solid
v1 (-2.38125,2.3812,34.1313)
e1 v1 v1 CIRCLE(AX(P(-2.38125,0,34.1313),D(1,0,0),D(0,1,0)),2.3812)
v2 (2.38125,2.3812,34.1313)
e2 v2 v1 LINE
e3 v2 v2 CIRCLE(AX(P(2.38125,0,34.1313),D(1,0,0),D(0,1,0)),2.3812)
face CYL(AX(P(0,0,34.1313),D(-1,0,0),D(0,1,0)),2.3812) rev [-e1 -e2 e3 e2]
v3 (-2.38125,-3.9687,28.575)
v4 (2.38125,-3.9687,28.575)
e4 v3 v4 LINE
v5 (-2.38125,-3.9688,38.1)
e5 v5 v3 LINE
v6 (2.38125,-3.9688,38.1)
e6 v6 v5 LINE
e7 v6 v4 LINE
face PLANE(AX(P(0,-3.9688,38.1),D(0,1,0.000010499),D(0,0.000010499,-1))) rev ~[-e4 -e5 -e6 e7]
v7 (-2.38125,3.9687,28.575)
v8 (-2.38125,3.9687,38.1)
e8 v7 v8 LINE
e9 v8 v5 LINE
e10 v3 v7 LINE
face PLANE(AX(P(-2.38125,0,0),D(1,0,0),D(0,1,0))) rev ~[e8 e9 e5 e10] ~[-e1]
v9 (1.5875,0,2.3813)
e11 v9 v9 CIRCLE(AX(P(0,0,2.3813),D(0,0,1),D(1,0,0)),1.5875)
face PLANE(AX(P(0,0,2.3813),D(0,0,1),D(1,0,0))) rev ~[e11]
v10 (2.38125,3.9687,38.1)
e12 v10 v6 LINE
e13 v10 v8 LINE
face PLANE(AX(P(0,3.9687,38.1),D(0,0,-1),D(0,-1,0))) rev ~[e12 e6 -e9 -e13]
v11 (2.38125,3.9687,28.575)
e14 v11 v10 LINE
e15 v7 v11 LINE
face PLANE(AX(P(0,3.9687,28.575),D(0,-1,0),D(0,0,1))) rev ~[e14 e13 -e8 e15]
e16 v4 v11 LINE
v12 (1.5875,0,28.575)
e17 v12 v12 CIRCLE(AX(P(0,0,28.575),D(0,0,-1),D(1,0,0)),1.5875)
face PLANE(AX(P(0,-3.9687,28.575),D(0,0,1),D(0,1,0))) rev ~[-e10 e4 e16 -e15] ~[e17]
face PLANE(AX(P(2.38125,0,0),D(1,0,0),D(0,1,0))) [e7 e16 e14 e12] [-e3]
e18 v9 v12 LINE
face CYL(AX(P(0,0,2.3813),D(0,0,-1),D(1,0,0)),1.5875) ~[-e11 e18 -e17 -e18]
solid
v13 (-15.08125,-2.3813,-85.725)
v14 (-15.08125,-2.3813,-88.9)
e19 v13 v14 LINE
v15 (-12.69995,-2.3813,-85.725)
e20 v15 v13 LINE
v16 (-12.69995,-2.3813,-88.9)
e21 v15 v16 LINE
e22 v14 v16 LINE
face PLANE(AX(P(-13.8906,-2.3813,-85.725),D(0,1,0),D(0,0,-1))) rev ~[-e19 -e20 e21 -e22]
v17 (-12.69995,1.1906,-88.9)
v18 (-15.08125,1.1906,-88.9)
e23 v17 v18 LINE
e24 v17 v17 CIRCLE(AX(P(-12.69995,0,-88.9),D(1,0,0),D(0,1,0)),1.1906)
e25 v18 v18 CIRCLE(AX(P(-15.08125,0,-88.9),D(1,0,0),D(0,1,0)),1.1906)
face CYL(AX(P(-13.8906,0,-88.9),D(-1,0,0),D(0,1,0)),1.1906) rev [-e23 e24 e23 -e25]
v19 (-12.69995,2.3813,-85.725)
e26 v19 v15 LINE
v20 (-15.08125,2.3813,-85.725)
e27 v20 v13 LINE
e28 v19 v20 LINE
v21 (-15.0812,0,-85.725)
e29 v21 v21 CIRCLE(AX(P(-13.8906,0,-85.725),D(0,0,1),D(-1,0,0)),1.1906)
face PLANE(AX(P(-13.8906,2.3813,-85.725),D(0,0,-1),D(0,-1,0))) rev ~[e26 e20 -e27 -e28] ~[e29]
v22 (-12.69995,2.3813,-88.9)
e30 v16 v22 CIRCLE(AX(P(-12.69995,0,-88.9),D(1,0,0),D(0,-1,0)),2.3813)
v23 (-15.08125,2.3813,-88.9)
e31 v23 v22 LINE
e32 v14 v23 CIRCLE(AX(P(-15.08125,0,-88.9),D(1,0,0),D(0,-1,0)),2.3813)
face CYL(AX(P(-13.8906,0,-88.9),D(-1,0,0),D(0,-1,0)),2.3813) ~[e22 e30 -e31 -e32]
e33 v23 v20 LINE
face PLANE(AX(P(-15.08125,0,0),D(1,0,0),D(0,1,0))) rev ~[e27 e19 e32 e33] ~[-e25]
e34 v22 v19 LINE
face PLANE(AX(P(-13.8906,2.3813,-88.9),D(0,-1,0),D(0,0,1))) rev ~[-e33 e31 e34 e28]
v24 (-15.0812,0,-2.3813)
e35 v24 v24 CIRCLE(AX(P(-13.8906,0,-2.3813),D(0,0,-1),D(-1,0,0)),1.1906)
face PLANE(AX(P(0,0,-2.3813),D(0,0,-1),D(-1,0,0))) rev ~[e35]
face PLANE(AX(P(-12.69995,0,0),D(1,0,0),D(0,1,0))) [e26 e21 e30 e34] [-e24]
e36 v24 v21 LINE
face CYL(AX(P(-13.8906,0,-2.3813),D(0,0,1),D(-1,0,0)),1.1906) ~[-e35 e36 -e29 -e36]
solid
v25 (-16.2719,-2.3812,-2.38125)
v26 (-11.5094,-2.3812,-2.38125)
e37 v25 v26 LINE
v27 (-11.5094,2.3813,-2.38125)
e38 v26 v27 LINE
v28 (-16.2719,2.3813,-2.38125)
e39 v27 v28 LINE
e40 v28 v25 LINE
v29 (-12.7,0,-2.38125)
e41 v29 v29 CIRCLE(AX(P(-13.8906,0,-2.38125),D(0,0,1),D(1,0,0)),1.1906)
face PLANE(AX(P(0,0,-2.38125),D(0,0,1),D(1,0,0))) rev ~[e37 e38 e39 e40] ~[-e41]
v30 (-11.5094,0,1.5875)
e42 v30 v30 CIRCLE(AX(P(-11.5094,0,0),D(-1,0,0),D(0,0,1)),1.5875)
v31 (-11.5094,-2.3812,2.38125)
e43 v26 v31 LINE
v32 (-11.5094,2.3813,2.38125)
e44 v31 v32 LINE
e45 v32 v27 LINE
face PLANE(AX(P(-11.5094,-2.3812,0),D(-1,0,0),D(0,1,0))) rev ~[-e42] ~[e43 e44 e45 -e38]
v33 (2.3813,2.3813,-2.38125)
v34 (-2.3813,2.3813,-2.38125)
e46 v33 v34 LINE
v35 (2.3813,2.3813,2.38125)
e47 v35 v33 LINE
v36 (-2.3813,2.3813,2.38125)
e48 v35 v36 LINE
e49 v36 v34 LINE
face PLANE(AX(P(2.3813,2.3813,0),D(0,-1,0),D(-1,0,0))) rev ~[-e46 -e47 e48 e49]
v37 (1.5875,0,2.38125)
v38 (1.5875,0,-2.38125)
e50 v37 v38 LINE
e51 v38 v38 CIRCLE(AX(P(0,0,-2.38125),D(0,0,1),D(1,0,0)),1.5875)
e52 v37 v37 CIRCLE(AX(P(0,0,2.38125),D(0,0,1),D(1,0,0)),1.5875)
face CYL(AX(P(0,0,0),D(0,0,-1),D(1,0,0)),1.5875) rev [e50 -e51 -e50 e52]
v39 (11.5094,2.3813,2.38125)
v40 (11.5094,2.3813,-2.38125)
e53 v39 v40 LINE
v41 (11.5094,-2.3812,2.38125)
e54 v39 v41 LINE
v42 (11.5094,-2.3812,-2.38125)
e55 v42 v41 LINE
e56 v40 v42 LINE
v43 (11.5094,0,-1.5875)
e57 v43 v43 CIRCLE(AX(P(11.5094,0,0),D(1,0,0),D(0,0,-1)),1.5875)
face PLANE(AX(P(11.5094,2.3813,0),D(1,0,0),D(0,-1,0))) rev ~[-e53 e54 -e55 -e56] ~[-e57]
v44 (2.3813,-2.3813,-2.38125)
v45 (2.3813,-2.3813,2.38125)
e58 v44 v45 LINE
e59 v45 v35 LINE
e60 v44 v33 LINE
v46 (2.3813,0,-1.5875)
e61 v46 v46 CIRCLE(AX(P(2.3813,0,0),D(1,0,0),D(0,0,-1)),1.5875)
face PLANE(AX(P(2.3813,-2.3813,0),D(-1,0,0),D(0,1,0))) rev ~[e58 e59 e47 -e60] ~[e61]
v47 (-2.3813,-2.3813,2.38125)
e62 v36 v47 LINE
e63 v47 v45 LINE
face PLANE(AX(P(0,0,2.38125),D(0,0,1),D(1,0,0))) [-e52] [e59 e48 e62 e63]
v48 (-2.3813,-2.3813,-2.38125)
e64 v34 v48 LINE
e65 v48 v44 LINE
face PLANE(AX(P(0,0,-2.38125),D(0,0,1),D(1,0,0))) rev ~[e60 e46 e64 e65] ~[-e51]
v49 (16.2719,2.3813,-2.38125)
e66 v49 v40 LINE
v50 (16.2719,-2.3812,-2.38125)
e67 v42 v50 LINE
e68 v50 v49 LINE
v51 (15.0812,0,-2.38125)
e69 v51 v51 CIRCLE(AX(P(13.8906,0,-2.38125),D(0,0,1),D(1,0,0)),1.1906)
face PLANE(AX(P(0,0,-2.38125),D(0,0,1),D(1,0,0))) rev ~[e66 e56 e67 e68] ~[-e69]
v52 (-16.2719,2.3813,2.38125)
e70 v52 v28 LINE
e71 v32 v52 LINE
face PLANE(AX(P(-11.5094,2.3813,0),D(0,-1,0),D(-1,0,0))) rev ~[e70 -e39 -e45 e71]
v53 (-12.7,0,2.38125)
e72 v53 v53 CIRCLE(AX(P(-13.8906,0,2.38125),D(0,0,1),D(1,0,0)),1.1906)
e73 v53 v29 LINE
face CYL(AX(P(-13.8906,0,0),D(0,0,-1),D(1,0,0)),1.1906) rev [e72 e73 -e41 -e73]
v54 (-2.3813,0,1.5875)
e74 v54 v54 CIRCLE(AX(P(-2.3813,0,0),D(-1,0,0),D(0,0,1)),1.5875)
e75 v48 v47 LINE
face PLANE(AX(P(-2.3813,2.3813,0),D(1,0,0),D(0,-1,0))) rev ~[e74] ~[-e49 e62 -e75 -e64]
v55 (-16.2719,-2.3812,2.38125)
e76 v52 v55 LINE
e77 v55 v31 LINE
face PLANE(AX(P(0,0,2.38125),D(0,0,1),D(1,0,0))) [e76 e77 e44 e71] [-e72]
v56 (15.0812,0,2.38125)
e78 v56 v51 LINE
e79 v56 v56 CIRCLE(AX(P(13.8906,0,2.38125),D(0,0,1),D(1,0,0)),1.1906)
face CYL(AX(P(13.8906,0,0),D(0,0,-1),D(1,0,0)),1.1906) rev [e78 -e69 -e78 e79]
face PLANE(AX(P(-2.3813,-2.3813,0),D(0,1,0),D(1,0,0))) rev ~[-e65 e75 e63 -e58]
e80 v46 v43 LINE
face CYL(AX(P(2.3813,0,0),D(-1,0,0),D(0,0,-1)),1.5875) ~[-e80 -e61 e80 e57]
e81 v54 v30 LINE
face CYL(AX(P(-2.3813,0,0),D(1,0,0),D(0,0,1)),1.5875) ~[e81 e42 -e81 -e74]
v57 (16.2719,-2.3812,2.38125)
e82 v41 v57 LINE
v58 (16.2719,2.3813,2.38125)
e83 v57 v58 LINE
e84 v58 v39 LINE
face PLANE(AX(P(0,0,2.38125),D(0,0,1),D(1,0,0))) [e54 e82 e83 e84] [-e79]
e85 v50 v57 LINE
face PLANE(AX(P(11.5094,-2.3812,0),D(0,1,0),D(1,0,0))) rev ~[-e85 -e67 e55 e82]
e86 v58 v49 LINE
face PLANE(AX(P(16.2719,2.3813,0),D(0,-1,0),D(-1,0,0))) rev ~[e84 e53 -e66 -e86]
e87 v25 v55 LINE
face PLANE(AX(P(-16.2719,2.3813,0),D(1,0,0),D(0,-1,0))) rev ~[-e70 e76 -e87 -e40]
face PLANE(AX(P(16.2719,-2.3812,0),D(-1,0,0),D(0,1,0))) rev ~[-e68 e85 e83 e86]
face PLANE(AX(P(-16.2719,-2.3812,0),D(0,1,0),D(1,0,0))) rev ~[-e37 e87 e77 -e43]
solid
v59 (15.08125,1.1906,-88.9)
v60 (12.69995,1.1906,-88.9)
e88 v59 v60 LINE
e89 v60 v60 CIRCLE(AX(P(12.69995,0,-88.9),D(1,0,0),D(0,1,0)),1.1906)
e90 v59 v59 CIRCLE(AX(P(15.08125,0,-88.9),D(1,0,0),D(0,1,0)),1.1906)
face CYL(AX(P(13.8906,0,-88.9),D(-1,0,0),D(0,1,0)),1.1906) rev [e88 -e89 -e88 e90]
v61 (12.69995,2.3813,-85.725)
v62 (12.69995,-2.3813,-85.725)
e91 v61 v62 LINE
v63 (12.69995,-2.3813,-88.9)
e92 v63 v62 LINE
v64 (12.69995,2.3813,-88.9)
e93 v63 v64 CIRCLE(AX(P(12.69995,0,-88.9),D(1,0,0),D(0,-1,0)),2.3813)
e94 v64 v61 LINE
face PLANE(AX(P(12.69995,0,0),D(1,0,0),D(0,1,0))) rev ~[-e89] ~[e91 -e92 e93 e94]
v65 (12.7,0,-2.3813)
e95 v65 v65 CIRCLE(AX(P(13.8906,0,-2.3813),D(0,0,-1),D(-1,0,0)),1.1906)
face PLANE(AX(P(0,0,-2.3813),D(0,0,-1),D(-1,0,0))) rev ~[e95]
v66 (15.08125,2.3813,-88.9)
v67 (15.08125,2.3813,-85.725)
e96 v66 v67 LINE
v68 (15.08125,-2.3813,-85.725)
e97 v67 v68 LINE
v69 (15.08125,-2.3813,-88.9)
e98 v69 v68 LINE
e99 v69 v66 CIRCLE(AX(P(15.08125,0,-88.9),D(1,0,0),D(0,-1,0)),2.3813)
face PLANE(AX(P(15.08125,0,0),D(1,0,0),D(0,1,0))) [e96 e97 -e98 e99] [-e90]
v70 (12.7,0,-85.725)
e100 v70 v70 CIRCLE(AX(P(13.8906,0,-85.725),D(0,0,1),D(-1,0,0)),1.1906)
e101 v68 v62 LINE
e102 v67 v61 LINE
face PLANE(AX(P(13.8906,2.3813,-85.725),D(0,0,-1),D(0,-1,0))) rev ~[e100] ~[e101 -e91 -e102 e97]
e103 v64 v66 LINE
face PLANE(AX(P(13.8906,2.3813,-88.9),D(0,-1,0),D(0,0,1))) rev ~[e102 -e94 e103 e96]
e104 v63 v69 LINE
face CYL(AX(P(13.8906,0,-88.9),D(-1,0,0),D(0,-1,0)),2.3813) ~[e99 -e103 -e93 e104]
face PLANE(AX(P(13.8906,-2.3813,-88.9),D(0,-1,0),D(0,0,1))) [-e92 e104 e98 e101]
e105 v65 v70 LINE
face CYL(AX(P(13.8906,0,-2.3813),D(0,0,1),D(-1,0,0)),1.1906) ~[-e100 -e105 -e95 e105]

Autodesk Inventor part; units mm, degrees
ref_plane "XZ Plane" through (0, 0, 0) normal (0, 1, 0) x (-1, 0, 0)
sketch "Boceto1" plane through (0, 0, 0) normal (0, 0, 1) x (1, 0, 0)
  line L0 (-2.3813, -2.3813) -> (2.3813, -2.3813)
  line L1 (2.3813, -2.3813) -> (2.3813, 2.3813)
  line L2 (2.3813, 2.3813) -> (-2.3813, 2.3813)
  line L3 (-2.3813, 2.3813) -> (-2.3813, -2.3813)
  line L4 (-2.3813, -2.3813) -> (2.3813, 2.3813) construction
  line L5 (2.3813, -2.3813) -> (-2.3813, 2.3813) construction
  circle A0 centre (0, 0) radius 1.5875
  dimension "d0" = 4.7625
  dimension "d1" = 4.7625
  dimension "d2" = 3.175
extrude "Extrusión1" add sketch "Boceto1" along normal mid plane 4.7625
sketch "Boceto2" plane through (2.3813, -2.3813, 2.3813) normal (1, 0, 0) x (0, 0, -1)
  circle A0 centre (2.3813, 2.3813) radius 1.5875
  dimension "d5" = 3.175
extrude "Extrusión2" add sketch "Boceto2" along normal blind 9.1281
sketch "Boceto3" plane through (-2.3813, -2.3813, 2.3813) normal (-1, 0, 0) x (0, 0, 1)
  circle A0 centre (-2.3813, 2.3813) radius 1.5875
  dimension "d8" = 3.175
extrude "Extrusión3" add sketch "Boceto3" along normal blind 9.1281
sketch "Boceto4" plane through (0, 0, 0) normal (0, 0, 1) x (1, 0, 0)
  line L0 (-16.2719, -2.3812) -> (-11.5094, -2.3812)
  line L1 (-11.5094, -2.3812) -> (-11.5094, 2.3813)
  line L2 (-11.5094, 2.3813) -> (-16.2719, 2.3813)
  line L3 (-16.2719, 2.3813) -> (-16.2719, -2.3812)
  line L4 (-16.2719, -2.3812) -> (-11.5094, 2.3813) construction
  line L5 (-11.5094, -2.3812) -> (-16.2719, 2.3813) construction
  line L6 (11.5094, -2.3812) -> (16.2719, -2.3812)
  line L7 (16.2719, -2.3812) -> (16.2719, 2.3813)
  line L8 (16.2719, 2.3813) -> (11.5094, 2.3813)
  line L9 (11.5094, 2.3813) -> (11.5094, -2.3812)
  line L10 (11.5094, -2.3812) -> (16.2719, 2.3813) construction
  line L11 (16.2719, -2.3812) -> (11.5094, 2.3813) construction
  circle A0 centre (-13.8906, 0) radius 1.1906
  circle A1 centre (13.8906, 0) radius 1.1906
  point P0 (0, 0)
  dimension "d11" = 4.7625
  dimension "d12" = 4.7625
  dimension "d13" = 4.7625
  dimension "d14" = 4.7625
  dimension "d15" = 13.8906
  dimension "d16" = 13.8906
  dimension "d17" = 2.3813
  dimension "d18" = 2.3813
extrude "Extrusión4" add sketch "Boceto4" along normal mid plane 4.7625
sketch "Boceto5" plane through (0, 0, 2.3813) normal (0, 0, 1) x (1, 0, 0)
  circle A0 centre (0, 0) radius 1.5875
extrude "Extrusión5" add sketch "Boceto5" along normal blind 26.1938
sketch "Boceto6" plane through (0, 0, 0) normal (1, 0, 0) x (0, 1, 0)
  line L0 (-3.9687, 28.575) -> (3.9687, 28.575)
  line L1 (3.9687, 28.575) -> (3.9687, 38.1)
  line L2 (3.9687, 38.1) -> (-3.9688, 38.1)
  line L3 (-3.9688, 38.1) -> (-3.9687, 28.575)
  line L4 (-3.9687, 28.575) -> (3.9687, 38.1) construction
  line L5 (3.9687, 28.575) -> (-3.9688, 38.1) construction
  line L6 (2.3812, 2.3813) -> (-2.3812, 2.3813) projected
  circle A0 centre (0, 34.1313) radius 2.3812
  point P0 (0, 0)
  point P1 (0, 33.3375)
  dimension "d23" = 7.9375
  dimension "d24" = 9.525
  dimension "d25" = 30.9563
  dimension "d26" = 4.7625
  dimension "d27" = 3.9688
extrude "Extrusión6" add sketch "Boceto6" along normal mid plane 4.7625
sketch "Boceto7" plane through (0, 0, -2.3813) normal (0, 0, -1) x (-1, 0, 0)
  circle A0 centre (13.8906, 0) radius 1.1906 construction
  circle A1 centre (-13.8906, 0) radius 1.1906 construction
  circle A2 centre (-13.8906, 0) radius 1.1906
  circle A3 centre (13.8906, 0) radius 1.1906
  point P0 (0, 0)
extrude "Extrusión7" add sketch "Boceto7" along normal blind 83.3438
ref_plane "Plano de trabajo1" through (13.8906, 0, 0) normal (1, 0, 0) x (0, 1, 0)
sketch "Boceto8" plane through (13.8906, 0, 0) normal (1, 0, 0) x (0, 1, 0)
  arc A0 (-2.3813, -88.9) -> (2.3813, -88.9) centre (0, -88.9) ccw
  line L0 (2.3813, -88.9) -> (2.3813, -85.725)
  line L1 (-2.3813, -88.9) -> (-2.3813, -85.725)
  line L2 (-1.1906, -85.725) -> (1.1906, -85.725) construction
  line L3 (2.3813, -85.725) -> (-2.3813, -85.725)
  circle A1 centre (0, -88.9) radius 1.1906
  point P0 (0, 0)
  dimension "d33" = 4.7625
  dimension "d34" = 88.9
  dimension "d35" = 2.3813
extrude "Extrusión8" add sketch "Boceto8" along normal mid plane 2.3813
ref_plane "Plano de trabajo2" through (-13.8906, 0, 0) normal (1, 0, 0) x (0, 1, 0)
sketch "Boceto9" plane through (-13.8906, 0, 0) normal (1, 0, 0) x (0, 1, 0)
  arc A0 (-2.3813, -88.9) -> (2.3813, -88.9) centre (0, -88.9) ccw construction
  line L0 (2.3813, -85.725) -> (2.3813, -88.9) construction
  line L1 (0, -85.725) -> (2.3813, -85.725) construction
  line L2 (-2.3813, -85.725) -> (0, -85.725) construction
  line L3 (0, -85.725) -> (2.3813, -85.725) construction
  line L4 (2.3813, -85.725) -> (2.3813, -88.9) construction
  arc A1 (-2.3813, -88.9) -> (2.3813, -88.9) centre (0, -88.9) ccw construction
  line L5 (-2.3813, -88.9) -> (-2.3813, -85.725) construction
  circle A2 centre (0, -88.9) radius 1.1906 construction
  arc A3 (-2.3813, -88.9) -> (2.3813, -88.9) centre (0, -88.9) ccw
  line L6 (2.3813, -88.9) -> (2.3813, -85.725) projected
  line L7 (2.3813, -88.9) -> (2.3813, -85.725)
  line L8 (2.3813, -85.725) -> (-2.3813, -85.725)
  line L9 (-2.3813, -85.725) -> (-2.3813, -88.9) projected
  line L10 (-2.3813, -85.725) -> (-2.3813, -88.9)
  circle A4 centre (0, -88.9) radius 1.1906
  point P0 (0, 0)
extrude "Extrusión9" add sketch "Boceto9" along normal mid plane 2.3813
equation "\"d16\" = d15"
properties part number "connectingRod2"
